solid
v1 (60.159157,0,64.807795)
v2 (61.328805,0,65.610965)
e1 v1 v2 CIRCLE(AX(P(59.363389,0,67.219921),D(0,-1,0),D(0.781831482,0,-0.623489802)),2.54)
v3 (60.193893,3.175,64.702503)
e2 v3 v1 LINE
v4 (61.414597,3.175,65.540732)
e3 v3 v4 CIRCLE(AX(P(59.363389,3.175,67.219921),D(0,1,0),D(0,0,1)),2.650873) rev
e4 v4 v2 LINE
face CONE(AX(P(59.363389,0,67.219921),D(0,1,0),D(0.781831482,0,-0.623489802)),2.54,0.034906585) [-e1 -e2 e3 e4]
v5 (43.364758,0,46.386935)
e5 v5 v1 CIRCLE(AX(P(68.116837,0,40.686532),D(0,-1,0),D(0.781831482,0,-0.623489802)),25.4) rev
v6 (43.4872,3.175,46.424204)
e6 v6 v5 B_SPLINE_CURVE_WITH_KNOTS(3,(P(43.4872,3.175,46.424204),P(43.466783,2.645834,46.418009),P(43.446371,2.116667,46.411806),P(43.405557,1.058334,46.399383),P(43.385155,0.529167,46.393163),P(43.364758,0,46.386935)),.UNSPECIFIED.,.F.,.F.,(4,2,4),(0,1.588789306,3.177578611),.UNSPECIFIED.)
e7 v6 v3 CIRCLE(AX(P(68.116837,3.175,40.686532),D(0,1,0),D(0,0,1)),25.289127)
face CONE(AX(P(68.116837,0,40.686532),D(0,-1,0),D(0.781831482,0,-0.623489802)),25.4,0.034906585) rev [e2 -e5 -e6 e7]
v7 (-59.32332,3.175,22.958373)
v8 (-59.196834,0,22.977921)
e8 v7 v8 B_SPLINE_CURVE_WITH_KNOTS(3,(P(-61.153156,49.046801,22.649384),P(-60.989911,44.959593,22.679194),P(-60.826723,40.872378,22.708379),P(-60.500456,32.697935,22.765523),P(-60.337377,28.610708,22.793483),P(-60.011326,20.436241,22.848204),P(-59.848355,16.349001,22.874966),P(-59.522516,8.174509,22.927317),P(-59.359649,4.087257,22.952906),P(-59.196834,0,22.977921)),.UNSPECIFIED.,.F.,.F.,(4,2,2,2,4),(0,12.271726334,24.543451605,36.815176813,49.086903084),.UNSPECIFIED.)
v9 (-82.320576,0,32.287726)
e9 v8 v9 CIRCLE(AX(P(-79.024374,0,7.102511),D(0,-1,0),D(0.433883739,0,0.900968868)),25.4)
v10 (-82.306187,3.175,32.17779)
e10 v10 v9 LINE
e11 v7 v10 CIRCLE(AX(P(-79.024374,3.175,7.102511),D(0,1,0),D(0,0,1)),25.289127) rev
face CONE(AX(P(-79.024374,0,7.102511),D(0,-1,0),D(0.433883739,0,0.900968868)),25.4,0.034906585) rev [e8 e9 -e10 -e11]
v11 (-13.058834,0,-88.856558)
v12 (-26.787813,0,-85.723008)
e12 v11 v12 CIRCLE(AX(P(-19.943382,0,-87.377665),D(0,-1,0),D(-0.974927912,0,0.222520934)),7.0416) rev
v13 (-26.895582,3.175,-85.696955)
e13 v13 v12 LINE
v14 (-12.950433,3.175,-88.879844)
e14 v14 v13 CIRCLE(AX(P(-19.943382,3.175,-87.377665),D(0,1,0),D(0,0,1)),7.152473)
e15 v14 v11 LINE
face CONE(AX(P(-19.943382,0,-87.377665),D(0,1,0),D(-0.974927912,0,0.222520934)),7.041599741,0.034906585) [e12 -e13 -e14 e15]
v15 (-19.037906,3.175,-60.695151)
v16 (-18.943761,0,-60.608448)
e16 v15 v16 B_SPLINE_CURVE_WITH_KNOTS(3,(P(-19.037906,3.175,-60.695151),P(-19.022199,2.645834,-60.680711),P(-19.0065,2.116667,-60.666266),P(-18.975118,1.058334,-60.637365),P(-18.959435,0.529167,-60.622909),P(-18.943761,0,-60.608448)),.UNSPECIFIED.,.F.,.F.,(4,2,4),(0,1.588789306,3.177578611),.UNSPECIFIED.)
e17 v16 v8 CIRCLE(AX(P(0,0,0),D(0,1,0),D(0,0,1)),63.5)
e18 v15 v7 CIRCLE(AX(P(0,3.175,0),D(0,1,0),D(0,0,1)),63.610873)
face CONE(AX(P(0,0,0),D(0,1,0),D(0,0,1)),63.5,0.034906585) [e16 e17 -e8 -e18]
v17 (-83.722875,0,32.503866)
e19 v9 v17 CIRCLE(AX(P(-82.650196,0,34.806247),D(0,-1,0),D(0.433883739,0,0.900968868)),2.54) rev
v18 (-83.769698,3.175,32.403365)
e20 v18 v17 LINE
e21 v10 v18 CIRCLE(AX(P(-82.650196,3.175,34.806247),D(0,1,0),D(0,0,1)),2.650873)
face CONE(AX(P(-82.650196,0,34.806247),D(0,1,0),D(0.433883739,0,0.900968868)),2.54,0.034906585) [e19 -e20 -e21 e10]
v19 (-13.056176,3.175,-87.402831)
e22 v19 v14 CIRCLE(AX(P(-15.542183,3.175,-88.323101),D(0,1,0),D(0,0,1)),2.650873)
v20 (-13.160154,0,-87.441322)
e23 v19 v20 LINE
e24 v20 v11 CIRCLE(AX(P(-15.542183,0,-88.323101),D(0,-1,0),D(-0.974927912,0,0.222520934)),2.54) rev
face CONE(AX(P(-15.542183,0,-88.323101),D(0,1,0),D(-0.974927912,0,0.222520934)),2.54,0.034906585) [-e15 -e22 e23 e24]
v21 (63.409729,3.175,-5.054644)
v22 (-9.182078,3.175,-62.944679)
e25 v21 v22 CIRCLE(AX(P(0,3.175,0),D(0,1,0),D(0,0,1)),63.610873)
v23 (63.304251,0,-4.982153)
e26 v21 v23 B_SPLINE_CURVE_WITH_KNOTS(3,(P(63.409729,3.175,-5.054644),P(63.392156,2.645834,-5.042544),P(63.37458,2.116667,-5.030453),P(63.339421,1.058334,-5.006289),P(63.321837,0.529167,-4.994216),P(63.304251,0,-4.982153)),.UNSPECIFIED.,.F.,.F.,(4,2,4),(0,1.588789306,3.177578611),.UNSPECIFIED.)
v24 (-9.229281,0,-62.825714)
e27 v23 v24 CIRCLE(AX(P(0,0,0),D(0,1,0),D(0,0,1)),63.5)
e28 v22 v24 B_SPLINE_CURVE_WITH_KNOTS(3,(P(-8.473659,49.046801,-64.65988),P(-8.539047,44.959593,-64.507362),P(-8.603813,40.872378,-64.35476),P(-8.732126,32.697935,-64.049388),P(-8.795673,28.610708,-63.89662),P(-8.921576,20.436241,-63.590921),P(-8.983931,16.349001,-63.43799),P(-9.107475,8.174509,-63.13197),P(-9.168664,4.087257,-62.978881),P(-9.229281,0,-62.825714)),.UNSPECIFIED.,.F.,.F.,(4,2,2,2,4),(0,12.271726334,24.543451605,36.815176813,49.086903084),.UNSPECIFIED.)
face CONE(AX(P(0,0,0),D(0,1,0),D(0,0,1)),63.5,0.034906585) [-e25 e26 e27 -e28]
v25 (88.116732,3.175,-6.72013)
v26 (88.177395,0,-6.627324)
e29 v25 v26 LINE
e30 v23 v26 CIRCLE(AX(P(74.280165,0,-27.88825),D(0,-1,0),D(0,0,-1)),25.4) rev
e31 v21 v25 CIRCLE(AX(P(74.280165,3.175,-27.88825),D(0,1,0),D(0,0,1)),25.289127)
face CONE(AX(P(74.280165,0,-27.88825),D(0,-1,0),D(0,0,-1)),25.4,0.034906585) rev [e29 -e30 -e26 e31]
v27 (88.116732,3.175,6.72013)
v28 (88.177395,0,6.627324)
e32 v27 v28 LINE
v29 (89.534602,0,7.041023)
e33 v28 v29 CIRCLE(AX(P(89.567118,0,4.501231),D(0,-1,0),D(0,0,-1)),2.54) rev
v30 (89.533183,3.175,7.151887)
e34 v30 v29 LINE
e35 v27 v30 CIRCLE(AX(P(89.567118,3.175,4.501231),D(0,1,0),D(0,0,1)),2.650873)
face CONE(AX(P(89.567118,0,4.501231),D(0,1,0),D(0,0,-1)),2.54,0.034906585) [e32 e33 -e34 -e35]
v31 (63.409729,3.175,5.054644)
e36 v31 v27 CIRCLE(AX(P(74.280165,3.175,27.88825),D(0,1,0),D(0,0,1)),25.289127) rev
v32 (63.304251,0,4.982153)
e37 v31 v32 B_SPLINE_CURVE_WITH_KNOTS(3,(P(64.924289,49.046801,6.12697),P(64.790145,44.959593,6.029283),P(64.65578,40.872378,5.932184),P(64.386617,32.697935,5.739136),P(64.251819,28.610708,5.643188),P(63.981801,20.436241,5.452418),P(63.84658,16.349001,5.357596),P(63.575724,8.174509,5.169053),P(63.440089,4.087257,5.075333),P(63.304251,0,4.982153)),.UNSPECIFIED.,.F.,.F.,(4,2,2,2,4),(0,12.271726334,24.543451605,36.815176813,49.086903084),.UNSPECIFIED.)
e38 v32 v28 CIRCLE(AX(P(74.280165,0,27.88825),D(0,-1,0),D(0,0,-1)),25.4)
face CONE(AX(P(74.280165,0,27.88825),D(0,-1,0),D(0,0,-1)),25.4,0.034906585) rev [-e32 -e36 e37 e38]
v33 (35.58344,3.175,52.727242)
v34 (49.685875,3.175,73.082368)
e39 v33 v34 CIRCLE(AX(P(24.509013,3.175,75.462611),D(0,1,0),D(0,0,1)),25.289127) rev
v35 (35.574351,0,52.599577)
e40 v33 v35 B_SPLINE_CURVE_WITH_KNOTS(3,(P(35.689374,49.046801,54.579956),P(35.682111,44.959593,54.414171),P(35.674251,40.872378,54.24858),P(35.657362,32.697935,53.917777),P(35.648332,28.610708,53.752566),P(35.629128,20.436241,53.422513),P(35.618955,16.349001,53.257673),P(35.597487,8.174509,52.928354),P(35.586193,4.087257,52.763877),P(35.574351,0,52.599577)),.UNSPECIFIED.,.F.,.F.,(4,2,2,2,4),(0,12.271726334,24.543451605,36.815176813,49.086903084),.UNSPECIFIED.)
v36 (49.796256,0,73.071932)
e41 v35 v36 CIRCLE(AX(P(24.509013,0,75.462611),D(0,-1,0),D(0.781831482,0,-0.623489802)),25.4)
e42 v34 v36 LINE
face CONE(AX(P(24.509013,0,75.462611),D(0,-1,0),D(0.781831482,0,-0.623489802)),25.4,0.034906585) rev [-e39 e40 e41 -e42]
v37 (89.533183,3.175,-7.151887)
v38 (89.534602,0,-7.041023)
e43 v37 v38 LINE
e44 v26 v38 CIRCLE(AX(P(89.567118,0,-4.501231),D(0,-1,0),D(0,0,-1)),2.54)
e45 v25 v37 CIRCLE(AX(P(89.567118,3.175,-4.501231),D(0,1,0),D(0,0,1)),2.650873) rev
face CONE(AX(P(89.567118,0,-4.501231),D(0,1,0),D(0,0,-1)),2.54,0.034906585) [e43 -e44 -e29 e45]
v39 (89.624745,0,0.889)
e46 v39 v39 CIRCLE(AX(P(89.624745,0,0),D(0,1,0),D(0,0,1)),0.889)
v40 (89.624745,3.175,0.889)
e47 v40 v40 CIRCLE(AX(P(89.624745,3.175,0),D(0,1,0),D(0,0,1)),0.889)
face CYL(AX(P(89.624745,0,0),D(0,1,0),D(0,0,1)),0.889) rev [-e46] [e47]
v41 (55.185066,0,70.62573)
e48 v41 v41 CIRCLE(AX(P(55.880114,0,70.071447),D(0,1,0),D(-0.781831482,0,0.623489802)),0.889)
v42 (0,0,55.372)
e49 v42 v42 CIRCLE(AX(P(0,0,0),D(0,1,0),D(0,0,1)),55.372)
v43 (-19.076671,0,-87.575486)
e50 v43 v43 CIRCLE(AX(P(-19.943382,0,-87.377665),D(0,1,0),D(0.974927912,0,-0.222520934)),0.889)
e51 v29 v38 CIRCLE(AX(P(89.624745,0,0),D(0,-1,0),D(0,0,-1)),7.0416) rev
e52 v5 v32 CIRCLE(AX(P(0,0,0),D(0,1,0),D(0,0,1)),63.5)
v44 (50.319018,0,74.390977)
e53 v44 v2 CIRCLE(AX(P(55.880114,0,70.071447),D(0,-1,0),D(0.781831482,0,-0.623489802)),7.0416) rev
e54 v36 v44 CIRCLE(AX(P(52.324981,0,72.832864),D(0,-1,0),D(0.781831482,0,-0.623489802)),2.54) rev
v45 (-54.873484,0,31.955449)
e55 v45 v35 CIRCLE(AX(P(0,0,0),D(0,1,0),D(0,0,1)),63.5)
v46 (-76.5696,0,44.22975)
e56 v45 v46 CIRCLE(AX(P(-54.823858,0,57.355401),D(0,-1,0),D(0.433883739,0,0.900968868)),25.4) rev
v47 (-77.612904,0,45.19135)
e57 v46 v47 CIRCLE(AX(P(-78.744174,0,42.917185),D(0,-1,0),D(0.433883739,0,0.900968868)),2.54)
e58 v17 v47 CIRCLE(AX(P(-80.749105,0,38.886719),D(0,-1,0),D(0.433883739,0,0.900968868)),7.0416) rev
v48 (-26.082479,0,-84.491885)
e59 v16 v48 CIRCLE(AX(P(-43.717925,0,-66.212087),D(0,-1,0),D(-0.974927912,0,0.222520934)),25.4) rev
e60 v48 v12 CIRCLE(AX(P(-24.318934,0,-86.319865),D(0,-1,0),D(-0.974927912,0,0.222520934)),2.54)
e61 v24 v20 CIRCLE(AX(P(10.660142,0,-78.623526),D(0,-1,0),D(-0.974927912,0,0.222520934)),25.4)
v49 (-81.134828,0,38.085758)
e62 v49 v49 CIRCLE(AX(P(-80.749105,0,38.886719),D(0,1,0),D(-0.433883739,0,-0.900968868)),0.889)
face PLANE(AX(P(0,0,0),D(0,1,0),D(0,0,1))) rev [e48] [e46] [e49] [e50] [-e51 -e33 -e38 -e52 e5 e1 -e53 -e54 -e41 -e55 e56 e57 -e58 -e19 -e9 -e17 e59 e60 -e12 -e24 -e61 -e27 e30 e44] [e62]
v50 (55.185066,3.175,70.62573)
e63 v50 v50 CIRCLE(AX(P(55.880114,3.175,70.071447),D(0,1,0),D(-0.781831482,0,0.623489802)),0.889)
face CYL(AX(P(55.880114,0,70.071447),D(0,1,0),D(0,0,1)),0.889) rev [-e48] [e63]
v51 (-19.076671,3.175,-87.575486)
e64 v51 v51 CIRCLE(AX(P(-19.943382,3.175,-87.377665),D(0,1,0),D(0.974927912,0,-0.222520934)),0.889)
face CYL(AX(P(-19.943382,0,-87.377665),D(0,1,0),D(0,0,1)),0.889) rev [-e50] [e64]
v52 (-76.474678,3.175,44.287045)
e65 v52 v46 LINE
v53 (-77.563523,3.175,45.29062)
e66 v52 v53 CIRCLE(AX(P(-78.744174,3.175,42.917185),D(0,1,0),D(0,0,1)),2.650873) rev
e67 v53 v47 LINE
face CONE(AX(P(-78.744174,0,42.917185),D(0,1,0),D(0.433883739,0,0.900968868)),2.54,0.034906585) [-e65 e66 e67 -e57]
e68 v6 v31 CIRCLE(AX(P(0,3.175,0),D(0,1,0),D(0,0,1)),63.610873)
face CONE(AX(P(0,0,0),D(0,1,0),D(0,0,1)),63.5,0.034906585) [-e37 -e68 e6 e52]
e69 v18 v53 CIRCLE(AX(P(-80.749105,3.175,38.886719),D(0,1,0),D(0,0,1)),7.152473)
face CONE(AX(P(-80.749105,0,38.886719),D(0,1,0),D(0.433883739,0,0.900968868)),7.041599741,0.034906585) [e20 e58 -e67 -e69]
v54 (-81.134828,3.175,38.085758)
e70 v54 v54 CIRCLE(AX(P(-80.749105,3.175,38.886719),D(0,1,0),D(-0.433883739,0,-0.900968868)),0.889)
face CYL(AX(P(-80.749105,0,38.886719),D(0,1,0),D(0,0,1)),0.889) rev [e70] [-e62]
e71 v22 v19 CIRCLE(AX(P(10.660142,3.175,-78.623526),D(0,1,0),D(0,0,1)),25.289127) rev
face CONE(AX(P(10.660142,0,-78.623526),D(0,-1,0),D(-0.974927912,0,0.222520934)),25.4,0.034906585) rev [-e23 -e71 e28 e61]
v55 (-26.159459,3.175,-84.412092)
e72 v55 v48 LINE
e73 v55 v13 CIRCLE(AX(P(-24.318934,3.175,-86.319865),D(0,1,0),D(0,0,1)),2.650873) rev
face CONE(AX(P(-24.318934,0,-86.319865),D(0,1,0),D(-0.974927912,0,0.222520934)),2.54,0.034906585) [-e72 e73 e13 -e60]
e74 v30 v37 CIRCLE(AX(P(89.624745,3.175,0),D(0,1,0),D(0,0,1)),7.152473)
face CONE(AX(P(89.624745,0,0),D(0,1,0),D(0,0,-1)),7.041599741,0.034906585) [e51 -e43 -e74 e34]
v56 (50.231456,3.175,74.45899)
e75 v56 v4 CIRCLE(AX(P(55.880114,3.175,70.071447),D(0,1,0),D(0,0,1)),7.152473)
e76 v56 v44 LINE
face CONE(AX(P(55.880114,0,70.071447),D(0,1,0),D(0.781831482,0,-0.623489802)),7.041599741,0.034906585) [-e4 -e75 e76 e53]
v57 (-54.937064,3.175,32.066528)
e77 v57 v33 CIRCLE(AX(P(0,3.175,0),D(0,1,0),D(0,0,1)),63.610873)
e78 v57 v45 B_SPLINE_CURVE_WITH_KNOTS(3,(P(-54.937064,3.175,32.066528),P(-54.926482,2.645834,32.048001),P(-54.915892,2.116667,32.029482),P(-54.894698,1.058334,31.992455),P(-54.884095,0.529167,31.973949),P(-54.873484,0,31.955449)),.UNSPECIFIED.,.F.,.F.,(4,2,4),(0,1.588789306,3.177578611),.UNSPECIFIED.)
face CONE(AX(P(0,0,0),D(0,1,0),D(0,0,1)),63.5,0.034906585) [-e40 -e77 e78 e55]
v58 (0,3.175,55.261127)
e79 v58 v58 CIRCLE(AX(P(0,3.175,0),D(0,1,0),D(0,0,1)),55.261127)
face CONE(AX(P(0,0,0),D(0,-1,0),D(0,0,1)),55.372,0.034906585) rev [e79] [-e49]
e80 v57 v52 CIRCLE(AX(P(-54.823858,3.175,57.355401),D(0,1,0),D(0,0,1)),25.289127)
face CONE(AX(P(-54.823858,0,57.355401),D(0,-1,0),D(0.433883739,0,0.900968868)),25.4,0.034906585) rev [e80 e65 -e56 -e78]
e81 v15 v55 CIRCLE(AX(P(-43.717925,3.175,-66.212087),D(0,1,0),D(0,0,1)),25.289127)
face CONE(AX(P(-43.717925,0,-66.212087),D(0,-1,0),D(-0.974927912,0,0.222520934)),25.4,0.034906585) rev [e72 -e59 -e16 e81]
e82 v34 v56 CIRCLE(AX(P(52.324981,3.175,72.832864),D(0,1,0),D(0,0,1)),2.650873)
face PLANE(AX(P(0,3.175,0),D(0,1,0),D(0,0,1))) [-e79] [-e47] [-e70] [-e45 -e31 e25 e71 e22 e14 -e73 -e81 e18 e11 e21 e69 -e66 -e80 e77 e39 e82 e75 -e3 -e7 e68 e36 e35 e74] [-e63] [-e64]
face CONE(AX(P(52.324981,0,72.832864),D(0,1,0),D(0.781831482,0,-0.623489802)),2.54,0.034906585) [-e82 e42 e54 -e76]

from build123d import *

# Parameters (mm, degrees)
SKETCH1_R                      = 63.5
SKETCH1_R_2                    = 55.372
BOSS_EXTRUDE1_DEPTH            = 3.175
BOSS_EXTRUDE2_DEPTH            = 3.175
SKETCH37_R                     = 0.889
CUT_EXTRUDE19_DEPTH            = 116.700962847
DRAFT20_ANGLE                  = 2
DRAFT21_ANGLE                  = 2
CIRPATTERN7_COUNT              = 7
DRAFT21_OF_CIRPATTERN7_2_ANGLE = 2
DRAFT21_OF_CIRPATTERN7_3_ANGLE = 2
DRAFT21_OF_CIRPATTERN7_4_ANGLE = 2


with BuildPart() as part:
    # Sketch1 → Boss-Extrude1 (new body)
    with BuildSketch(Plane(origin=(0, 0, 0), x_dir=(1, 0, 0), z_dir=(0, 1, 0))):
        with Locations(Location((0, 0, 0), (0, 0, 270))):
            Circle(SKETCH1_R)
        with Locations(Location((0, 0, 0), (0, 0, 270))):
            Circle(SKETCH1_R_2, mode=Mode.SUBTRACT)
    extrude(amount=BOSS_EXTRUDE1_DEPTH)

    # Sketch2 → Boss-Extrude2 (add)
    with BuildSketch(Plane(origin=(0, 0, 0), x_dir=(1, 0, 0), z_dir=(0, 1, 0))):
        with BuildLine():
            ThreePointArc((63.304250692, -4.982152579), (63.5, 0), (63.304250692, 4.982152579))
            ThreePointArc((63.304250692, 4.982152579), (75.956520603, 2.543628775), (88.177394932, 6.627323532))
            ThreePointArc((88.177394932, 6.627323532), (88.826525295, 6.930865115), (89.534602282, 7.04102274))
            ThreePointArc((89.534602282, 7.04102274), (96.666344602, 0), (89.534602282, -7.04102274))
            ThreePointArc((89.534602282, -7.04102274), (88.826525295, -6.930865115), (88.177394932, -6.627323532))
            ThreePointArc((88.177394932, -6.627323532), (75.956520603, -2.543628775), (63.304250692, -4.982152579))
        make_face()
    boss_extrude2 = extrude(amount=BOSS_EXTRUDE2_DEPTH)

    # Sketch37 → Cut-Extrude19 (cut, through all)
    with BuildSketch(Plane(origin=(0, 3.175, 0), x_dir=(1, 0, 0), z_dir=(0, 1, 0))):
        with Locations(Location((89.624744861, 0, 0), (0, 0, 270))):
            Circle(SKETCH37_R)
    cut_extrude19 = extrude(amount=-CUT_EXTRUDE19_DEPTH, mode=Mode.SUBTRACT)

    # Draft20
    draft20_faces = [part.faces().sort_by_distance(p)[0] for p in [
        (0, 1.5875, -55.372),
        (-63.5, 1.5875, 0),
    ]]
    draft(draft20_faces, Plane(origin=(0, 0, 0), x_dir=(0, 0, -1), z_dir=(0, -1, 0)), DRAFT20_ANGLE)

    # Draft21
    draft21_faces = [part.faces().sort_by_distance(p)[0] for p in [
        (88.826525295, 1.5875, 6.930865115),
        (75.956520603, 1.587499999, 2.543628775),
        (88.826525295, 1.5875, -6.930865115),
        (96.666344602, 1.5875, 0),
        (75.956520603, 1.5875, -2.543628775),
    ]]
    draft(draft21_faces, Plane(origin=(0, 0, 0), x_dir=(0, 0, -1), z_dir=(0, -1, 0)), DRAFT21_ANGLE)

    # CirPattern7: Boss-Extrude2, Cut-Extrude19 ×7 about axis, 3 skipped
    cirpattern7_axis = Axis((0, 0, 0), (0, -1, 0))
    add([boss_extrude2.rotate(cirpattern7_axis, i * 360 / CIRPATTERN7_COUNT) for i in range(1, CIRPATTERN7_COUNT) if i not in (2, 4, 6)])
    add([cut_extrude19.rotate(cirpattern7_axis, i * 360 / CIRPATTERN7_COUNT) for i in range(1, CIRPATTERN7_COUNT) if i not in (2, 4, 6)], mode=Mode.SUBTRACT)

    # Draft21 of CirPattern7 2
    draft21_of_cirpattern7_2_faces = [part.faces().sort_by_distance(p)[0] for p in [
        (49.963664108, 1.5875, 73.768697671),
        (45.369426924, 1.587499999, 60.971125707),
        (60.801201204, 1.5875, 65.126050237),
        (60.270480042, 1.5875, 75.576791505),
        (49.346805037, 1.5875, 57.799272505),
    ]]
    draft(draft21_of_cirpattern7_2_faces, Plane(origin=(0, 0, 0), x_dir=(0.7818314824680298, 0, -0.6234898018587336), z_dir=(0, -1, 0)), DRAFT21_OF_CIRPATTERN7_2_ANGLE)

    # Draft21 of CirPattern7 3
    draft21_of_cirpattern7_3_faces = [part.faces().sort_by_distance(p)[0] for p in [
        (-83.037123606, 1.5875, 32.295891232),
        (-69.538099541, 1.587499999, 30.664568831),
        (-77.022744263, 1.5875, 44.784878624),
        (-87.09336706, 1.5875, 41.941955043),
        (-67.330821213, 1.5875, 35.248029508),
    ]]
    draft(draft21_of_cirpattern7_3_faces, Plane(origin=(0, 0, 0), x_dir=(0.43388373911755823, 0, 0.900968867902419), z_dir=(0, -1, 0)), DRAFT21_OF_CIRPATTERN7_3_ANGLE)

    # Draft21 of CirPattern7 4
    draft21_of_cirpattern7_4_faces = [part.faces().sort_by_distance(p)[0] for p in [
        (-13.008667512, 1.5875, -88.141721431),
        (-14.422061213, 1.587499999, -74.618142699),
        (-26.522855225, 1.5875, -85.057196274),
        (-21.510285283, 1.5875, -94.242717521),
        (-19.381770596, 1.5875, -73.486121397),
    ]]
    draft(draft21_of_cirpattern7_4_faces, Plane(origin=(0, 0, 0), x_dir=(-0.9749279121818237, 0, 0.2225209339563137), z_dir=(0, -1, 0)), DRAFT21_OF_CIRPATTERN7_4_ANGLE)


solid = part.part
